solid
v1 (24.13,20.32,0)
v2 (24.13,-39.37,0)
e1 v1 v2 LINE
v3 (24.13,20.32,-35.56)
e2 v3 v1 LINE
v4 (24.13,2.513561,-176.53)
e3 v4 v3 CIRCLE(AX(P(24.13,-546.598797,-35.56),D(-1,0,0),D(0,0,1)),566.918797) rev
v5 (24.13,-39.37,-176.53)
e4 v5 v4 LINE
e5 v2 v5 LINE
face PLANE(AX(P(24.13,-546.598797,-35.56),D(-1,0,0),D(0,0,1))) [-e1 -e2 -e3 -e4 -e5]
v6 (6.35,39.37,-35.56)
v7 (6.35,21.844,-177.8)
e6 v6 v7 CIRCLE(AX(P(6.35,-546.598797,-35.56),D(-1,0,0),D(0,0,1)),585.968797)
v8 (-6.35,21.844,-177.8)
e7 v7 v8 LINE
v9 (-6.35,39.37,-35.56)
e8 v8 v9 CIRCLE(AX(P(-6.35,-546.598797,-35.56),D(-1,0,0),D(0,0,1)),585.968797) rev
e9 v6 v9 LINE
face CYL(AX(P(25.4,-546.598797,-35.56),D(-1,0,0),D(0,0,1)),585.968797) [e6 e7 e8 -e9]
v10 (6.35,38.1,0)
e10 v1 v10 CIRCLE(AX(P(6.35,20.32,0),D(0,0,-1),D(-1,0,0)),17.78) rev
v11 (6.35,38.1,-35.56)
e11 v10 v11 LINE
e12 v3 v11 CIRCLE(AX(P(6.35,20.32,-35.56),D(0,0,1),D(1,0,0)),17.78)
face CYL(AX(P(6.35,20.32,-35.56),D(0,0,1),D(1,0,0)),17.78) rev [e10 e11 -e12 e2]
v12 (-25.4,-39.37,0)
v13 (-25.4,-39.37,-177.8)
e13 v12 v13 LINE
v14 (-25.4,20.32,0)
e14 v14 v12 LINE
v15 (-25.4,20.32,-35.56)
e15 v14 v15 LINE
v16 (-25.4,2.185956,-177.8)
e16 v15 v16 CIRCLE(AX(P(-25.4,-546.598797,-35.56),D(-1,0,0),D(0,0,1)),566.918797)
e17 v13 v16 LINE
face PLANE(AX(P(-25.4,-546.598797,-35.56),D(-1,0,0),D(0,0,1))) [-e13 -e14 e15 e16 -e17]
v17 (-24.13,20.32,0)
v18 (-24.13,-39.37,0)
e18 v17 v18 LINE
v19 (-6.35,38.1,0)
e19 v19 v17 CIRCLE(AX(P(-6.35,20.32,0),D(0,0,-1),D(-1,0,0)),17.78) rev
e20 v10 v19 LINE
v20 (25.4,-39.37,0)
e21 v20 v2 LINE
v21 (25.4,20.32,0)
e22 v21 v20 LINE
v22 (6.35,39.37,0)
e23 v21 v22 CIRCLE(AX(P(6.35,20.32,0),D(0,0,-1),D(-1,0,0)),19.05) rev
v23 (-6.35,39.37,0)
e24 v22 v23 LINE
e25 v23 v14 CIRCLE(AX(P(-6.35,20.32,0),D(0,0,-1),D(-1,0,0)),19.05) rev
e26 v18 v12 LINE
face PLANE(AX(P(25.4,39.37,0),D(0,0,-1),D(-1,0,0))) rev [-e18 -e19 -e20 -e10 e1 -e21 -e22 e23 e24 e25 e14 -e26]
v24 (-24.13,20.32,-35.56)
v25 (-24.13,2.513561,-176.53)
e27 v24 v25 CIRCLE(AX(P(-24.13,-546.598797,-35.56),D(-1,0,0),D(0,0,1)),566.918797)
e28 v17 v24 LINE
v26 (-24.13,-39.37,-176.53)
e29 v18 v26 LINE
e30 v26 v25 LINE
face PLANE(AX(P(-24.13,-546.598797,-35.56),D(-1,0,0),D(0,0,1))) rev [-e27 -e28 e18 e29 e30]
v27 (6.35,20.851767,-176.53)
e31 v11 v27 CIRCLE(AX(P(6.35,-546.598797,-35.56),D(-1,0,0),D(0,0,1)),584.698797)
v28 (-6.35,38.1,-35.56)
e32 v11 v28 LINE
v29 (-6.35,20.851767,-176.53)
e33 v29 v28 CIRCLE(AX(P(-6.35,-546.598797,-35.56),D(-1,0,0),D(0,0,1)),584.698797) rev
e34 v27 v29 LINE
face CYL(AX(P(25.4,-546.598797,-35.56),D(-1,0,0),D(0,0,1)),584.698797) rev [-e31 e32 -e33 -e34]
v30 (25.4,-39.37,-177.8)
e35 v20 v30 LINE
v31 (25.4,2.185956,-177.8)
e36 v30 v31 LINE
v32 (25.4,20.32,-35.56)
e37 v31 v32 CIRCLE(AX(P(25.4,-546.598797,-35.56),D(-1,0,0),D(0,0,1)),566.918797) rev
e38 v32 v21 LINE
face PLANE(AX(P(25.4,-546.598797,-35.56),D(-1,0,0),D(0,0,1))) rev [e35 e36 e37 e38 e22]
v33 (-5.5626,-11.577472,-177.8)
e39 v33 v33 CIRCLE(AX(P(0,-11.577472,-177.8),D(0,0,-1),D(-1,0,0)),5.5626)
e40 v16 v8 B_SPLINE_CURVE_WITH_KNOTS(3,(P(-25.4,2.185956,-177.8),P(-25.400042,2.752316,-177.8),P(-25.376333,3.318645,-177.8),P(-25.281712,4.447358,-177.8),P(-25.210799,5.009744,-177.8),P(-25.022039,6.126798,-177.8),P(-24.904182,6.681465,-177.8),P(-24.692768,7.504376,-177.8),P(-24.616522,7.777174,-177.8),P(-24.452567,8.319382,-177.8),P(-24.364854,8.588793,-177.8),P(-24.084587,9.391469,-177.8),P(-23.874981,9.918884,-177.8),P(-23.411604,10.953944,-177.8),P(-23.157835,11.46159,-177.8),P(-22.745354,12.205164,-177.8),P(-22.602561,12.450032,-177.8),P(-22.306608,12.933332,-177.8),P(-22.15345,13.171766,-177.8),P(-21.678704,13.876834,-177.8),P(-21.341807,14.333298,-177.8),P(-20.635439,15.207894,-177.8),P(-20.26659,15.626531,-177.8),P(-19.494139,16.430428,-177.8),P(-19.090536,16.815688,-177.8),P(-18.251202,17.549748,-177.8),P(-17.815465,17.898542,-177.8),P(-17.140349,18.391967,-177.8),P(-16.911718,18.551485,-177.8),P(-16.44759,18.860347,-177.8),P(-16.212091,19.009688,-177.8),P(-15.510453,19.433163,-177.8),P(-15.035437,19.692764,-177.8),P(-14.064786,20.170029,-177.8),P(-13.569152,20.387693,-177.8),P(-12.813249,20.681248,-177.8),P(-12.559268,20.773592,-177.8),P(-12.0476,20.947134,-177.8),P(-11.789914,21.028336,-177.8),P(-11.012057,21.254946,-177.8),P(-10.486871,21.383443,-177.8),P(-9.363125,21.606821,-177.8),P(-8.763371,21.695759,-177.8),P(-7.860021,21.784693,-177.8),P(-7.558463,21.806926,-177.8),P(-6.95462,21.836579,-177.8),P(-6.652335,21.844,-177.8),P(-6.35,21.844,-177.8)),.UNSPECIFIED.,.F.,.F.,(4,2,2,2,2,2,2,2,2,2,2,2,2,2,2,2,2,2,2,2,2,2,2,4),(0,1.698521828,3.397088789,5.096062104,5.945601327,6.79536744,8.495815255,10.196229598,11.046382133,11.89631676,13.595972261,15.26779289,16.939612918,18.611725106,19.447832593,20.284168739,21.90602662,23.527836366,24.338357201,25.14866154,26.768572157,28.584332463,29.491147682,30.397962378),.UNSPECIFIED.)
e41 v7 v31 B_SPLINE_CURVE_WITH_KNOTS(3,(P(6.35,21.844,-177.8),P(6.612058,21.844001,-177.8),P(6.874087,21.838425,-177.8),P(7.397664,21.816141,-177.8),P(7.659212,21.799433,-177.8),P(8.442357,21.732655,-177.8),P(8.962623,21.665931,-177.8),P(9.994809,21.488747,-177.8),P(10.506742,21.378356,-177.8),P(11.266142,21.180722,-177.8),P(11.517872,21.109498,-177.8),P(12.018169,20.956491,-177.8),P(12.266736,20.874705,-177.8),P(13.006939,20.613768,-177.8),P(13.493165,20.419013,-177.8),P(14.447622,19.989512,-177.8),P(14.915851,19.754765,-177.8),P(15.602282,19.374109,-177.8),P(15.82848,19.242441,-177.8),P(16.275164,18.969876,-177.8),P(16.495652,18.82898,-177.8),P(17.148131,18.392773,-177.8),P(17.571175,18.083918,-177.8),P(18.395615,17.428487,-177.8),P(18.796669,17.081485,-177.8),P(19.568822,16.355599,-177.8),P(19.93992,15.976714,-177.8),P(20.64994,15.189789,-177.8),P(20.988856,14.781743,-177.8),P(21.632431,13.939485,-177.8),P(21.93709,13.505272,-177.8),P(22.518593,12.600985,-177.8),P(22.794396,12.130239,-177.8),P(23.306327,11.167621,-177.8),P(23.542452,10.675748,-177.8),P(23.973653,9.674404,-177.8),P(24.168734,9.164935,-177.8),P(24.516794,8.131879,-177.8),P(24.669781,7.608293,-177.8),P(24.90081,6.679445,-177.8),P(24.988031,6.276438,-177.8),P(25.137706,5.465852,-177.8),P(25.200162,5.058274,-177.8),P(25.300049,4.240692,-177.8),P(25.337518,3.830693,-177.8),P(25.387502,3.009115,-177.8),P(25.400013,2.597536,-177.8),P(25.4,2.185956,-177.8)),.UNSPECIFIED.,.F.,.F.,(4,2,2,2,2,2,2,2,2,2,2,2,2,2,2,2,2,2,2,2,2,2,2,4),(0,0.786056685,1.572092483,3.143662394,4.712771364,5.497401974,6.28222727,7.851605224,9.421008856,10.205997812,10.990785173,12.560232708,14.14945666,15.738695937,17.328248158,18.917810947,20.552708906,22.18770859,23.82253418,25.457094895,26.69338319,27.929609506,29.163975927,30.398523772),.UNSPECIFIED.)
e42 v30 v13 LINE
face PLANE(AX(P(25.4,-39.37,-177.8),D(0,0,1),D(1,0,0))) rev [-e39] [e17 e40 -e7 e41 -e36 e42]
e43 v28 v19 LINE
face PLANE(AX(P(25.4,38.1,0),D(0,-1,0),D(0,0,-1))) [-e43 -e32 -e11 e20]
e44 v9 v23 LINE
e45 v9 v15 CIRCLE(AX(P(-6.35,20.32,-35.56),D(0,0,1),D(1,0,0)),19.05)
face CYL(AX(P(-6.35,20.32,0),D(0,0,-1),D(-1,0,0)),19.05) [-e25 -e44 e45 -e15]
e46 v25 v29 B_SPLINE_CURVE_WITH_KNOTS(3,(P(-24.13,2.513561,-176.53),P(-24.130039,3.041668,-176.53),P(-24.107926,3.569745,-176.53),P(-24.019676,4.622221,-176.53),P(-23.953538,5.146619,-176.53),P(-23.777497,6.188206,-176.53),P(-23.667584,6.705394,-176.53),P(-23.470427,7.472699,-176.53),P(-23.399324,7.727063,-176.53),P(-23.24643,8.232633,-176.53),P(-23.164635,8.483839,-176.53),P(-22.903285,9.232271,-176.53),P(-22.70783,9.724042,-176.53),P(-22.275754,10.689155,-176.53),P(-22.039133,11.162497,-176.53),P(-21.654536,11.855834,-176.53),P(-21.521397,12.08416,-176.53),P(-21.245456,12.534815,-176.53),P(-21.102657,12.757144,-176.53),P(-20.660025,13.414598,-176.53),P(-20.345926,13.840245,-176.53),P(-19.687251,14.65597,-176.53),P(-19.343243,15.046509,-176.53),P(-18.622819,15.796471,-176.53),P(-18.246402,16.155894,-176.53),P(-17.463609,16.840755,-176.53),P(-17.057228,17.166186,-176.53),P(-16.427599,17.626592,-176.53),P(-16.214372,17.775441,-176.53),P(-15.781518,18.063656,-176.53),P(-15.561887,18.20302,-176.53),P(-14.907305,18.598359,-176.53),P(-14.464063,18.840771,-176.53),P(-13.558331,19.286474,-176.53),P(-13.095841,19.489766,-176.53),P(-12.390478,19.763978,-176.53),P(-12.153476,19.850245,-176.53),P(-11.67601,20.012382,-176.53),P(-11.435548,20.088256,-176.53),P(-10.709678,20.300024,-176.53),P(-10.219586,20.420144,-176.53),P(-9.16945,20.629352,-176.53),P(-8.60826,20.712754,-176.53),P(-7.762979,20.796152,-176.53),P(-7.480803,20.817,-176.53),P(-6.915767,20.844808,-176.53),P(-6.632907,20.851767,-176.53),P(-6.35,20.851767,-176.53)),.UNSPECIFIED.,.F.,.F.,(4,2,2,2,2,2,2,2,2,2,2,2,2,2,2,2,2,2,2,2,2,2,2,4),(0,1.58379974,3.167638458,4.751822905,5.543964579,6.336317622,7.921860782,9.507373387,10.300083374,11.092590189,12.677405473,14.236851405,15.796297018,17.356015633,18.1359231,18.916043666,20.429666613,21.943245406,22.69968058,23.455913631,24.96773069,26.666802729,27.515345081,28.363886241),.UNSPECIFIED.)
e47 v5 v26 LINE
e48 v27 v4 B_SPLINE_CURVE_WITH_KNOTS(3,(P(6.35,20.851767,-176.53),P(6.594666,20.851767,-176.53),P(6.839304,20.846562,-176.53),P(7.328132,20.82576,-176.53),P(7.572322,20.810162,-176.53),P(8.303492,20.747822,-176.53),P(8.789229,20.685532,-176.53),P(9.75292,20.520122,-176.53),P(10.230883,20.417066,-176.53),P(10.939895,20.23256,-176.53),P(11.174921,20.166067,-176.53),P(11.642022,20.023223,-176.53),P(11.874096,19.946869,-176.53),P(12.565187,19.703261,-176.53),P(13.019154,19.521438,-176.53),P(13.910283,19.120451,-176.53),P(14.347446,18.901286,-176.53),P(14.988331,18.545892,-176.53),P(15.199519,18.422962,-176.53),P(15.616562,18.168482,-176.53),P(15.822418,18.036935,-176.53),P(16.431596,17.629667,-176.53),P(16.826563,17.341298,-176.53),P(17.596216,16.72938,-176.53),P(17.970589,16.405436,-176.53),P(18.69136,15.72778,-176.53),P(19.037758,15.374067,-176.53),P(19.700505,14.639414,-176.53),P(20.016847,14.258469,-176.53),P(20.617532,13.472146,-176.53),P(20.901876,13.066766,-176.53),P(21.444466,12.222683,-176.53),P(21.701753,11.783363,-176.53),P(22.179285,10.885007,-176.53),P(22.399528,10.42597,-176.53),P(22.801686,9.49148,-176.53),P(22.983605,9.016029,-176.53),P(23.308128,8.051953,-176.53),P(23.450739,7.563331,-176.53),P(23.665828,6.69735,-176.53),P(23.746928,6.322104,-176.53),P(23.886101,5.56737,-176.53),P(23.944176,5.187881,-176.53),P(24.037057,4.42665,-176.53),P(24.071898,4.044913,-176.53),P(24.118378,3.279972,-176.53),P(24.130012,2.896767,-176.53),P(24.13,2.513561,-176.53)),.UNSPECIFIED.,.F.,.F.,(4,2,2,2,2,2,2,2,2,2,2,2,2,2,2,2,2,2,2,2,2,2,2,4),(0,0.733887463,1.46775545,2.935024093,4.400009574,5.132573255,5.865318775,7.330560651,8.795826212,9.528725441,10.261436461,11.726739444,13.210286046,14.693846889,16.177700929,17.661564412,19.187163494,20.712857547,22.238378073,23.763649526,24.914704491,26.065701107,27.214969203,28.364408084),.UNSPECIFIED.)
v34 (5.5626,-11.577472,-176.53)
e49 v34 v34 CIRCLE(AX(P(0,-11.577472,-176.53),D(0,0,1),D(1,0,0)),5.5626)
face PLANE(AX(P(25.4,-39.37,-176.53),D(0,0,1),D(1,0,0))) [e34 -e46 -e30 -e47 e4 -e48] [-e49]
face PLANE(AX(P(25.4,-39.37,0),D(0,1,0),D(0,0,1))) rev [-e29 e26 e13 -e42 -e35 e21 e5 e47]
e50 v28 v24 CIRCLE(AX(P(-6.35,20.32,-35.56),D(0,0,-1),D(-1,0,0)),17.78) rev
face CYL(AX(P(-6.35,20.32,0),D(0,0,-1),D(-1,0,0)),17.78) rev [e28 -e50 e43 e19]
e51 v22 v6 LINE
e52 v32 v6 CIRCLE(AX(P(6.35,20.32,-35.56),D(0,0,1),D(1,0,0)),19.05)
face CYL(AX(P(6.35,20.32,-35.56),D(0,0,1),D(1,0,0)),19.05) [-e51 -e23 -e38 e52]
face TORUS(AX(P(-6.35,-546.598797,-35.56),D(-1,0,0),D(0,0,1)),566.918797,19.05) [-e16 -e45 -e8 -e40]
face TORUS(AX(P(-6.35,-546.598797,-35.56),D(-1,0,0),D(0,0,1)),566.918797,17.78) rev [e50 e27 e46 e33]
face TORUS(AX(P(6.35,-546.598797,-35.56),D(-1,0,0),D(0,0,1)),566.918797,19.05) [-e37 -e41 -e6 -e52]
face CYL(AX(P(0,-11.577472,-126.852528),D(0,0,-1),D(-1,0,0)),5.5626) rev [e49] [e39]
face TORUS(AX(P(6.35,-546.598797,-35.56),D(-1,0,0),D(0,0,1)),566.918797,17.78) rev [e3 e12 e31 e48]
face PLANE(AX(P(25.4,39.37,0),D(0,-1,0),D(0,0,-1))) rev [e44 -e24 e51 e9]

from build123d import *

# Parameters (mm, degrees)
BOSS_EXTRUDE1_DEPTH      = 25.4
BOSS_EXTRUDE1_DEPTH_BACK = 25.4
FILLET1_R                = 19.05
SHELL1_T                 = -1.27
SKETCH4_R                = 5.5626
CUT_EXTRUDE1_DEPTH       = 50.947471892


with BuildPart() as part:
    # Sketch3 → Boss-Extrude1 (new body, two sides)
    with BuildSketch(Plane(origin=(0, 0, 0), x_dir=(0, 0, -1), z_dir=(1, 0, 0))) as boss_extrude1_sk:
        with BuildLine():
            Line((0, 39.37), (35.56, 39.37))
            ThreePointArc((35.56, 39.37), (107.217829782, 34.971995328), (177.8, 21.844))
            Line((177.8, 21.844), (177.8, -39.37))
            Line((177.8, -39.37), (0, -39.37))
            Line((0, -39.37), (0, 39.37))
        make_face()
    extrude(amount=BOSS_EXTRUDE1_DEPTH)
    extrude(boss_extrude1_sk.sketch, amount=-BOSS_EXTRUDE1_DEPTH_BACK)

    # Fillet1
    fillet1_edges = [part.edges().sort_by_distance(p)[0] for p in [
        (25.4, 34.971995328, -107.217829782),
        (-25.4, 39.37, -17.78),
        (-25.4, 34.971995328, -107.217829782),
        (25.4, 39.37, -17.78),
    ]]
    fillet(fillet1_edges, radius=FILLET1_R)

    # Shell1
    shell1_openings = [part.faces().sort_by_distance(p)[0] for p in [
        (0, -39.37, -88.9),
        (0, 8.088461394, 0),
    ]]
    offset(amount=SHELL1_T, openings=shell1_openings, kind=Kind.INTERSECTION)

    # Sketch4 → Cut-Extrude1 (cut)
    with BuildSketch(Plane(origin=(0, 0, -177.8), x_dir=(-1, 0, 0), z_dir=(0, 0, -1))):
        with Locations((0, -11.577471892)):
            Circle(SKETCH4_R)
    extrude(amount=-CUT_EXTRUDE1_DEPTH, mode=Mode.SUBTRACT)


solid = part.part
